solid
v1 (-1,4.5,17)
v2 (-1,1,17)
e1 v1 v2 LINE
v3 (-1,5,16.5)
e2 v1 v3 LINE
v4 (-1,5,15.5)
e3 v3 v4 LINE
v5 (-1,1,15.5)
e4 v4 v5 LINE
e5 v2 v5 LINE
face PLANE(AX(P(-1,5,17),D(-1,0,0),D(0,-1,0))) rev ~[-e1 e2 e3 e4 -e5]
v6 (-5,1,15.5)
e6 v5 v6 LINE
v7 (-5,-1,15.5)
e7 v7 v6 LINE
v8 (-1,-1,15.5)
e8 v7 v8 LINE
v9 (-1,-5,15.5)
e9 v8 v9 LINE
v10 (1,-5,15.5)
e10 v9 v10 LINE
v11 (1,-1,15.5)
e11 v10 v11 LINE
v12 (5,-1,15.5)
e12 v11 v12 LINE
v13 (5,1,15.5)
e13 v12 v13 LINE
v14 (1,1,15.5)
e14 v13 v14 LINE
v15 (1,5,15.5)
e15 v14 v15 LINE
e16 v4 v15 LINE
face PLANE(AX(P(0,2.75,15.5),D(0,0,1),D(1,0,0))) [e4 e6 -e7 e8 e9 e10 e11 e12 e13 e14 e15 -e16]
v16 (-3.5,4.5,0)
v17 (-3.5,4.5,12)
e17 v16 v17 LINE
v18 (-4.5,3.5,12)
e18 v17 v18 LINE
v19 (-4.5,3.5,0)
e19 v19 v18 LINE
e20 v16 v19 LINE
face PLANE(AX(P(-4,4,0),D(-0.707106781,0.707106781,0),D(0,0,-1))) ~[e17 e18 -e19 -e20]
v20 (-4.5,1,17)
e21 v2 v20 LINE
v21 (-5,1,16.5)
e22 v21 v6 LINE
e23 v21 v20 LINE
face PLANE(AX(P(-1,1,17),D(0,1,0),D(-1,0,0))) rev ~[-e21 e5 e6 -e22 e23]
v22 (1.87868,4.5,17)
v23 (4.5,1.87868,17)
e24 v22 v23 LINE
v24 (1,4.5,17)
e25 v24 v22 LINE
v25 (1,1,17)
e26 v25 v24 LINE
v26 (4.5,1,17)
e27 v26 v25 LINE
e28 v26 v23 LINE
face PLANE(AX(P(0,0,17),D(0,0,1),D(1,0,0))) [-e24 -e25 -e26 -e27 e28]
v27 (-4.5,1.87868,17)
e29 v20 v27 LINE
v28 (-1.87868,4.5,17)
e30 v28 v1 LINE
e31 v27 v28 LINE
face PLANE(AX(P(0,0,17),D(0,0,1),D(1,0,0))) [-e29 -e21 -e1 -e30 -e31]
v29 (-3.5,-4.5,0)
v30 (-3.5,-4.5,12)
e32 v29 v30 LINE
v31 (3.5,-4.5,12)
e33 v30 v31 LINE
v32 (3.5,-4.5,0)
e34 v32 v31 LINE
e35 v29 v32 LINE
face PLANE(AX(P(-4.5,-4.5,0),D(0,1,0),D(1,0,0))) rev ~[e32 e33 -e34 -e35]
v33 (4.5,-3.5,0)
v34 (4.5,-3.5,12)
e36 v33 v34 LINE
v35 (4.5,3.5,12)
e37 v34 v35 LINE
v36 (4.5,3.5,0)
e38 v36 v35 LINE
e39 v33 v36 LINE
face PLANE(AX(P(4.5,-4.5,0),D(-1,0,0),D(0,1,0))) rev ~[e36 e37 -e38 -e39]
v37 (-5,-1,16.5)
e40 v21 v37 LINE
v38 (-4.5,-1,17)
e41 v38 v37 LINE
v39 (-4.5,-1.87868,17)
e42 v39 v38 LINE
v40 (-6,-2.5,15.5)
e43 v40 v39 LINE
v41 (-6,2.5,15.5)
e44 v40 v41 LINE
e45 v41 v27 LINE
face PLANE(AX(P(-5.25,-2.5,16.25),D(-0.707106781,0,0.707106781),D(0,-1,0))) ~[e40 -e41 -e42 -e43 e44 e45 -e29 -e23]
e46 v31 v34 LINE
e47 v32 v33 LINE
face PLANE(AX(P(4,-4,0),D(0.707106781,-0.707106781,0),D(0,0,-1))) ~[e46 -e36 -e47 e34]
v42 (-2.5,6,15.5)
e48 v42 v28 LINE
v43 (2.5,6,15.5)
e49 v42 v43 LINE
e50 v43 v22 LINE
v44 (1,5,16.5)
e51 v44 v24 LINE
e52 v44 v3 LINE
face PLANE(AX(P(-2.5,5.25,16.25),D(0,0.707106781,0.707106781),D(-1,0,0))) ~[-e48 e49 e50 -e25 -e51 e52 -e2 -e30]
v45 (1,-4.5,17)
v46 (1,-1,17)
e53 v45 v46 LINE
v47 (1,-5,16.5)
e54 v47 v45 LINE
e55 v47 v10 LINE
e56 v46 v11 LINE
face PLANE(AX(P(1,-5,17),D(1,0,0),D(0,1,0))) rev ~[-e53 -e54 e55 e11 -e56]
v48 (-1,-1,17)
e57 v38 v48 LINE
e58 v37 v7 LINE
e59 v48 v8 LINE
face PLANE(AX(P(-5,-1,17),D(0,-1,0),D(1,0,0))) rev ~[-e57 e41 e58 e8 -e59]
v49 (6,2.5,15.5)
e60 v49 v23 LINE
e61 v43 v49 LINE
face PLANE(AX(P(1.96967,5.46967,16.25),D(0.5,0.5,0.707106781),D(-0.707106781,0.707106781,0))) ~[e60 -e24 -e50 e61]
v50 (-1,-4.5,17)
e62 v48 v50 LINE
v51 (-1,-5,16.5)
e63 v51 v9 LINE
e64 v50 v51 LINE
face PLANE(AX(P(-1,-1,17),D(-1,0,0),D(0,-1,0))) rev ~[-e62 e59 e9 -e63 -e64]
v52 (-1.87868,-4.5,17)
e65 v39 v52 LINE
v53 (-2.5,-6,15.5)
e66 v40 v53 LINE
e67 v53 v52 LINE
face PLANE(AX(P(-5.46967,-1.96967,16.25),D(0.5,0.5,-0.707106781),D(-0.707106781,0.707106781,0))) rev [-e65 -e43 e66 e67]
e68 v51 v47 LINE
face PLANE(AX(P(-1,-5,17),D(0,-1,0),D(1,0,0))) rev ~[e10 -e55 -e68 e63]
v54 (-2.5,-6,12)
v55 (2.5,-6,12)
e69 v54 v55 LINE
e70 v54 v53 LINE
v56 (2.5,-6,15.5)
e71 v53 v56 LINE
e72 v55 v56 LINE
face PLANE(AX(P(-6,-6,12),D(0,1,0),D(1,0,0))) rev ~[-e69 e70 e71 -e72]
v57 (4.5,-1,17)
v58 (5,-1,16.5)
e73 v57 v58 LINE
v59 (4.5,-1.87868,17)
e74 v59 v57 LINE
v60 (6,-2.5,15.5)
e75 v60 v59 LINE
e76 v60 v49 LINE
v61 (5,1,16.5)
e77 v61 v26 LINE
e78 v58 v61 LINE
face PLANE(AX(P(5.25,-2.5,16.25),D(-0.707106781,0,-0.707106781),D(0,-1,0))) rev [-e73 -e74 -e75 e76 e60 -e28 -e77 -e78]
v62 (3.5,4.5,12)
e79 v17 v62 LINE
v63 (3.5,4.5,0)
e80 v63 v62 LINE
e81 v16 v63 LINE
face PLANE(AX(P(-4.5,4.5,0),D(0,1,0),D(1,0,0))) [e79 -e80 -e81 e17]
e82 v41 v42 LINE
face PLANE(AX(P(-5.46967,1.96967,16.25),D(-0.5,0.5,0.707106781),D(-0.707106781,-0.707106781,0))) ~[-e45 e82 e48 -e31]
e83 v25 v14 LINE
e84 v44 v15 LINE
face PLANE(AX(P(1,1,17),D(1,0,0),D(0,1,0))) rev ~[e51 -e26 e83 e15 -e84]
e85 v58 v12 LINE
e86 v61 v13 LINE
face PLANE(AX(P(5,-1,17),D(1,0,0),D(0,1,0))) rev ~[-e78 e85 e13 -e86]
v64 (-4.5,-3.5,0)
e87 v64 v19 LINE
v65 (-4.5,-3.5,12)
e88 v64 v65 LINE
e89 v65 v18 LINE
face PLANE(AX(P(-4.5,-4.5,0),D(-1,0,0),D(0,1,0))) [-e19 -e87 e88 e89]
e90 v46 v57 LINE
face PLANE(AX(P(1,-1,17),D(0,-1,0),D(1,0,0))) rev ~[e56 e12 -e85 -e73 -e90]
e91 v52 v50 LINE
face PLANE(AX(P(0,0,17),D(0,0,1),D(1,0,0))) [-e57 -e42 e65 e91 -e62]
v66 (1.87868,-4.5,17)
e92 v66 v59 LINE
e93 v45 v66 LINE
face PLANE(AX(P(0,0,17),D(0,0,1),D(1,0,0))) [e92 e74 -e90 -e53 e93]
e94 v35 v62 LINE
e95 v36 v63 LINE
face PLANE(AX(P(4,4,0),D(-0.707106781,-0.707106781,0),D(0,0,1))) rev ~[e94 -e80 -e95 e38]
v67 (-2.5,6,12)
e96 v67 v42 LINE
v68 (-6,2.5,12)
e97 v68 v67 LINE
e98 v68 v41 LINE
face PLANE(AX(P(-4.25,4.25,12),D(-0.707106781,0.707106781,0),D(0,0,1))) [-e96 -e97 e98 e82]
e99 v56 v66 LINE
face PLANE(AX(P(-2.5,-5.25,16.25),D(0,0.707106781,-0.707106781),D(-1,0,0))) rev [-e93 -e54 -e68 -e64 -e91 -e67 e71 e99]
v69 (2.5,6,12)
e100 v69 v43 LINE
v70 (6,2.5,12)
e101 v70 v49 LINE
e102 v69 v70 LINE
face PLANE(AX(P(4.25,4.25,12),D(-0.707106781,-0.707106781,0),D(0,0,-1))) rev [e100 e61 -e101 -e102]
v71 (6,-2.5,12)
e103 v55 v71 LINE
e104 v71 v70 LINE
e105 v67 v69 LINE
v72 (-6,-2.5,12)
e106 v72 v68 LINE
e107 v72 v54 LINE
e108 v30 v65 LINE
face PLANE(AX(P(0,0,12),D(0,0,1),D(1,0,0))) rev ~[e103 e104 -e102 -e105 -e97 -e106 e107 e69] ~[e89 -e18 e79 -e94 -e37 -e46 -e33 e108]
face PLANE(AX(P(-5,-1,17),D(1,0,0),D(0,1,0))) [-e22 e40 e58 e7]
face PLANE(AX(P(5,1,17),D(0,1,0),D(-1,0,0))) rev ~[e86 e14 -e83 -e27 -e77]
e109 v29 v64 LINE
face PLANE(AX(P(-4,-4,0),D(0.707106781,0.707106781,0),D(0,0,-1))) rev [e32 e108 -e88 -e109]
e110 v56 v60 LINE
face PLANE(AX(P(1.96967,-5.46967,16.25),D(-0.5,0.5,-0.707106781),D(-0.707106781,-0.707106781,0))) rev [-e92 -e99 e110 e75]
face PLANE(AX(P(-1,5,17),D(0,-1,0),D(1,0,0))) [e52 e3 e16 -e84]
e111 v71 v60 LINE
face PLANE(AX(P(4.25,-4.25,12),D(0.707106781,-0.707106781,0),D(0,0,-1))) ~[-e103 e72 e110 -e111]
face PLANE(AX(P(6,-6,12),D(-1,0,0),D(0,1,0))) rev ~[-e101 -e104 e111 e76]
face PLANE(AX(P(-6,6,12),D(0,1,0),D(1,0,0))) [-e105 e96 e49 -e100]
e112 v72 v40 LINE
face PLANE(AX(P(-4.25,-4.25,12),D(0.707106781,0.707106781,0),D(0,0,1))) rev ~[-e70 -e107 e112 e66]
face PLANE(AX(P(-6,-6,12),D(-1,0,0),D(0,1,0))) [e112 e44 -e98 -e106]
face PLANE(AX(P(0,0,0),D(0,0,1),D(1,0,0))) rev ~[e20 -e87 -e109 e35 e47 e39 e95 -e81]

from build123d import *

# Parameters (mm, degrees)
ESQUISSE1_W             = 9
ESQUISSE1_H             = 9
EXTRUSION1_DEPTH        = 12
ESQUISSE2_W             = 12
ESQUISSE2_H             = 12
EXTRUSION2_DEPTH        = 5
CHANFREIN3_SIZE         = 1
CHANFREIN1_SIZE         = 3.5
CHANFREIN2_SIZE         = 1.5
ESQUISSE3_W             = 2
ESQUISSE3_H             = 3.5
ESQUISSE3_W_2           = 3.5
ESQUISSE3_H_2           = 2
ESQUISSE3_W_3           = 0.5
ESQUISSE3_H_3           = 0.5
ENL_V_MAT_EXTRU_1_DEPTH = 1.5


with BuildPart() as part:
    # Esquisse1 → Extrusion1 (new body)
    with BuildSketch(Plane.XY):
        Rectangle(ESQUISSE1_W, ESQUISSE1_H)
    extrude(amount=EXTRUSION1_DEPTH)

    # Esquisse2 → Extrusion2 (add)
    with BuildSketch(Plane.XY.offset(12)):
        Rectangle(ESQUISSE2_W, ESQUISSE2_H)
    extrude(amount=EXTRUSION2_DEPTH)

    # Chanfrein3
    chanfrein3_edges = [part.edges().sort_by_distance(p)[0] for p in [
        (-4.5, 4.5, 6),
        (4.5, 4.5, 6),
        (4.5, -4.5, 6),
        (-4.5, -4.5, 6),
    ]]
    chamfer(chanfrein3_edges, length=CHANFREIN3_SIZE)

    # Chanfrein1
    chanfrein1_edges = [part.edges().sort_by_distance(p)[0] for p in [
        (6, 6, 14.5),
        (-6, 6, 14.5),
        (-6, -6, 14.5),
        (6, -6, 14.5),
    ]]
    chamfer(chanfrein1_edges, length=CHANFREIN1_SIZE)

    # Chanfrein2
    chanfrein2_edges = [part.edges().sort_by_distance(p)[0] for p in [
        (0, 6, 17),
        (6, 0, 17),
        (-6, 0, 17),
        (0, -6, 17),
        (-4.25, 4.25, 17),
        (-4.25, -4.25, 17),
        (4.25, -4.25, 17),
        (4.25, 4.25, 17),
    ]]
    chamfer(chanfrein2_edges, length=CHANFREIN2_SIZE)

    # Esquisse3 → Enlèv. mat.-Extru.1 (cut)
    with BuildSketch(Plane.XY.offset(17)):
        with Locations((0, 2.75)):
            Rectangle(ESQUISSE3_W, ESQUISSE3_H)
        with Locations((-2.75, 0)):
            Rectangle(ESQUISSE3_W_2, ESQUISSE3_H_2)
        Rectangle(ESQUISSE3_W, ESQUISSE3_H_2)
        with Locations((0, -2.75)):
            Rectangle(ESQUISSE3_W, ESQUISSE3_H)
        with Locations((2.75, 0)):
            Rectangle(ESQUISSE3_W_2, ESQUISSE3_H_2)
        with Locations((-4.75, 0)):
            Rectangle(ESQUISSE3_W_3, ESQUISSE3_H_2)
        with Locations((0, 4.75)):
            Rectangle(ESQUISSE3_W, ESQUISSE3_H_3)
        with Locations((0, -4.75)):
            Rectangle(ESQUISSE3_W, ESQUISSE3_H_3)
        with Locations((4.75, 0)):
            Rectangle(ESQUISSE3_W_3, ESQUISSE3_H_2)
    extrude(amount=-ENL_V_MAT_EXTRU_1_DEPTH, mode=Mode.SUBTRACT)


solid = part.part
